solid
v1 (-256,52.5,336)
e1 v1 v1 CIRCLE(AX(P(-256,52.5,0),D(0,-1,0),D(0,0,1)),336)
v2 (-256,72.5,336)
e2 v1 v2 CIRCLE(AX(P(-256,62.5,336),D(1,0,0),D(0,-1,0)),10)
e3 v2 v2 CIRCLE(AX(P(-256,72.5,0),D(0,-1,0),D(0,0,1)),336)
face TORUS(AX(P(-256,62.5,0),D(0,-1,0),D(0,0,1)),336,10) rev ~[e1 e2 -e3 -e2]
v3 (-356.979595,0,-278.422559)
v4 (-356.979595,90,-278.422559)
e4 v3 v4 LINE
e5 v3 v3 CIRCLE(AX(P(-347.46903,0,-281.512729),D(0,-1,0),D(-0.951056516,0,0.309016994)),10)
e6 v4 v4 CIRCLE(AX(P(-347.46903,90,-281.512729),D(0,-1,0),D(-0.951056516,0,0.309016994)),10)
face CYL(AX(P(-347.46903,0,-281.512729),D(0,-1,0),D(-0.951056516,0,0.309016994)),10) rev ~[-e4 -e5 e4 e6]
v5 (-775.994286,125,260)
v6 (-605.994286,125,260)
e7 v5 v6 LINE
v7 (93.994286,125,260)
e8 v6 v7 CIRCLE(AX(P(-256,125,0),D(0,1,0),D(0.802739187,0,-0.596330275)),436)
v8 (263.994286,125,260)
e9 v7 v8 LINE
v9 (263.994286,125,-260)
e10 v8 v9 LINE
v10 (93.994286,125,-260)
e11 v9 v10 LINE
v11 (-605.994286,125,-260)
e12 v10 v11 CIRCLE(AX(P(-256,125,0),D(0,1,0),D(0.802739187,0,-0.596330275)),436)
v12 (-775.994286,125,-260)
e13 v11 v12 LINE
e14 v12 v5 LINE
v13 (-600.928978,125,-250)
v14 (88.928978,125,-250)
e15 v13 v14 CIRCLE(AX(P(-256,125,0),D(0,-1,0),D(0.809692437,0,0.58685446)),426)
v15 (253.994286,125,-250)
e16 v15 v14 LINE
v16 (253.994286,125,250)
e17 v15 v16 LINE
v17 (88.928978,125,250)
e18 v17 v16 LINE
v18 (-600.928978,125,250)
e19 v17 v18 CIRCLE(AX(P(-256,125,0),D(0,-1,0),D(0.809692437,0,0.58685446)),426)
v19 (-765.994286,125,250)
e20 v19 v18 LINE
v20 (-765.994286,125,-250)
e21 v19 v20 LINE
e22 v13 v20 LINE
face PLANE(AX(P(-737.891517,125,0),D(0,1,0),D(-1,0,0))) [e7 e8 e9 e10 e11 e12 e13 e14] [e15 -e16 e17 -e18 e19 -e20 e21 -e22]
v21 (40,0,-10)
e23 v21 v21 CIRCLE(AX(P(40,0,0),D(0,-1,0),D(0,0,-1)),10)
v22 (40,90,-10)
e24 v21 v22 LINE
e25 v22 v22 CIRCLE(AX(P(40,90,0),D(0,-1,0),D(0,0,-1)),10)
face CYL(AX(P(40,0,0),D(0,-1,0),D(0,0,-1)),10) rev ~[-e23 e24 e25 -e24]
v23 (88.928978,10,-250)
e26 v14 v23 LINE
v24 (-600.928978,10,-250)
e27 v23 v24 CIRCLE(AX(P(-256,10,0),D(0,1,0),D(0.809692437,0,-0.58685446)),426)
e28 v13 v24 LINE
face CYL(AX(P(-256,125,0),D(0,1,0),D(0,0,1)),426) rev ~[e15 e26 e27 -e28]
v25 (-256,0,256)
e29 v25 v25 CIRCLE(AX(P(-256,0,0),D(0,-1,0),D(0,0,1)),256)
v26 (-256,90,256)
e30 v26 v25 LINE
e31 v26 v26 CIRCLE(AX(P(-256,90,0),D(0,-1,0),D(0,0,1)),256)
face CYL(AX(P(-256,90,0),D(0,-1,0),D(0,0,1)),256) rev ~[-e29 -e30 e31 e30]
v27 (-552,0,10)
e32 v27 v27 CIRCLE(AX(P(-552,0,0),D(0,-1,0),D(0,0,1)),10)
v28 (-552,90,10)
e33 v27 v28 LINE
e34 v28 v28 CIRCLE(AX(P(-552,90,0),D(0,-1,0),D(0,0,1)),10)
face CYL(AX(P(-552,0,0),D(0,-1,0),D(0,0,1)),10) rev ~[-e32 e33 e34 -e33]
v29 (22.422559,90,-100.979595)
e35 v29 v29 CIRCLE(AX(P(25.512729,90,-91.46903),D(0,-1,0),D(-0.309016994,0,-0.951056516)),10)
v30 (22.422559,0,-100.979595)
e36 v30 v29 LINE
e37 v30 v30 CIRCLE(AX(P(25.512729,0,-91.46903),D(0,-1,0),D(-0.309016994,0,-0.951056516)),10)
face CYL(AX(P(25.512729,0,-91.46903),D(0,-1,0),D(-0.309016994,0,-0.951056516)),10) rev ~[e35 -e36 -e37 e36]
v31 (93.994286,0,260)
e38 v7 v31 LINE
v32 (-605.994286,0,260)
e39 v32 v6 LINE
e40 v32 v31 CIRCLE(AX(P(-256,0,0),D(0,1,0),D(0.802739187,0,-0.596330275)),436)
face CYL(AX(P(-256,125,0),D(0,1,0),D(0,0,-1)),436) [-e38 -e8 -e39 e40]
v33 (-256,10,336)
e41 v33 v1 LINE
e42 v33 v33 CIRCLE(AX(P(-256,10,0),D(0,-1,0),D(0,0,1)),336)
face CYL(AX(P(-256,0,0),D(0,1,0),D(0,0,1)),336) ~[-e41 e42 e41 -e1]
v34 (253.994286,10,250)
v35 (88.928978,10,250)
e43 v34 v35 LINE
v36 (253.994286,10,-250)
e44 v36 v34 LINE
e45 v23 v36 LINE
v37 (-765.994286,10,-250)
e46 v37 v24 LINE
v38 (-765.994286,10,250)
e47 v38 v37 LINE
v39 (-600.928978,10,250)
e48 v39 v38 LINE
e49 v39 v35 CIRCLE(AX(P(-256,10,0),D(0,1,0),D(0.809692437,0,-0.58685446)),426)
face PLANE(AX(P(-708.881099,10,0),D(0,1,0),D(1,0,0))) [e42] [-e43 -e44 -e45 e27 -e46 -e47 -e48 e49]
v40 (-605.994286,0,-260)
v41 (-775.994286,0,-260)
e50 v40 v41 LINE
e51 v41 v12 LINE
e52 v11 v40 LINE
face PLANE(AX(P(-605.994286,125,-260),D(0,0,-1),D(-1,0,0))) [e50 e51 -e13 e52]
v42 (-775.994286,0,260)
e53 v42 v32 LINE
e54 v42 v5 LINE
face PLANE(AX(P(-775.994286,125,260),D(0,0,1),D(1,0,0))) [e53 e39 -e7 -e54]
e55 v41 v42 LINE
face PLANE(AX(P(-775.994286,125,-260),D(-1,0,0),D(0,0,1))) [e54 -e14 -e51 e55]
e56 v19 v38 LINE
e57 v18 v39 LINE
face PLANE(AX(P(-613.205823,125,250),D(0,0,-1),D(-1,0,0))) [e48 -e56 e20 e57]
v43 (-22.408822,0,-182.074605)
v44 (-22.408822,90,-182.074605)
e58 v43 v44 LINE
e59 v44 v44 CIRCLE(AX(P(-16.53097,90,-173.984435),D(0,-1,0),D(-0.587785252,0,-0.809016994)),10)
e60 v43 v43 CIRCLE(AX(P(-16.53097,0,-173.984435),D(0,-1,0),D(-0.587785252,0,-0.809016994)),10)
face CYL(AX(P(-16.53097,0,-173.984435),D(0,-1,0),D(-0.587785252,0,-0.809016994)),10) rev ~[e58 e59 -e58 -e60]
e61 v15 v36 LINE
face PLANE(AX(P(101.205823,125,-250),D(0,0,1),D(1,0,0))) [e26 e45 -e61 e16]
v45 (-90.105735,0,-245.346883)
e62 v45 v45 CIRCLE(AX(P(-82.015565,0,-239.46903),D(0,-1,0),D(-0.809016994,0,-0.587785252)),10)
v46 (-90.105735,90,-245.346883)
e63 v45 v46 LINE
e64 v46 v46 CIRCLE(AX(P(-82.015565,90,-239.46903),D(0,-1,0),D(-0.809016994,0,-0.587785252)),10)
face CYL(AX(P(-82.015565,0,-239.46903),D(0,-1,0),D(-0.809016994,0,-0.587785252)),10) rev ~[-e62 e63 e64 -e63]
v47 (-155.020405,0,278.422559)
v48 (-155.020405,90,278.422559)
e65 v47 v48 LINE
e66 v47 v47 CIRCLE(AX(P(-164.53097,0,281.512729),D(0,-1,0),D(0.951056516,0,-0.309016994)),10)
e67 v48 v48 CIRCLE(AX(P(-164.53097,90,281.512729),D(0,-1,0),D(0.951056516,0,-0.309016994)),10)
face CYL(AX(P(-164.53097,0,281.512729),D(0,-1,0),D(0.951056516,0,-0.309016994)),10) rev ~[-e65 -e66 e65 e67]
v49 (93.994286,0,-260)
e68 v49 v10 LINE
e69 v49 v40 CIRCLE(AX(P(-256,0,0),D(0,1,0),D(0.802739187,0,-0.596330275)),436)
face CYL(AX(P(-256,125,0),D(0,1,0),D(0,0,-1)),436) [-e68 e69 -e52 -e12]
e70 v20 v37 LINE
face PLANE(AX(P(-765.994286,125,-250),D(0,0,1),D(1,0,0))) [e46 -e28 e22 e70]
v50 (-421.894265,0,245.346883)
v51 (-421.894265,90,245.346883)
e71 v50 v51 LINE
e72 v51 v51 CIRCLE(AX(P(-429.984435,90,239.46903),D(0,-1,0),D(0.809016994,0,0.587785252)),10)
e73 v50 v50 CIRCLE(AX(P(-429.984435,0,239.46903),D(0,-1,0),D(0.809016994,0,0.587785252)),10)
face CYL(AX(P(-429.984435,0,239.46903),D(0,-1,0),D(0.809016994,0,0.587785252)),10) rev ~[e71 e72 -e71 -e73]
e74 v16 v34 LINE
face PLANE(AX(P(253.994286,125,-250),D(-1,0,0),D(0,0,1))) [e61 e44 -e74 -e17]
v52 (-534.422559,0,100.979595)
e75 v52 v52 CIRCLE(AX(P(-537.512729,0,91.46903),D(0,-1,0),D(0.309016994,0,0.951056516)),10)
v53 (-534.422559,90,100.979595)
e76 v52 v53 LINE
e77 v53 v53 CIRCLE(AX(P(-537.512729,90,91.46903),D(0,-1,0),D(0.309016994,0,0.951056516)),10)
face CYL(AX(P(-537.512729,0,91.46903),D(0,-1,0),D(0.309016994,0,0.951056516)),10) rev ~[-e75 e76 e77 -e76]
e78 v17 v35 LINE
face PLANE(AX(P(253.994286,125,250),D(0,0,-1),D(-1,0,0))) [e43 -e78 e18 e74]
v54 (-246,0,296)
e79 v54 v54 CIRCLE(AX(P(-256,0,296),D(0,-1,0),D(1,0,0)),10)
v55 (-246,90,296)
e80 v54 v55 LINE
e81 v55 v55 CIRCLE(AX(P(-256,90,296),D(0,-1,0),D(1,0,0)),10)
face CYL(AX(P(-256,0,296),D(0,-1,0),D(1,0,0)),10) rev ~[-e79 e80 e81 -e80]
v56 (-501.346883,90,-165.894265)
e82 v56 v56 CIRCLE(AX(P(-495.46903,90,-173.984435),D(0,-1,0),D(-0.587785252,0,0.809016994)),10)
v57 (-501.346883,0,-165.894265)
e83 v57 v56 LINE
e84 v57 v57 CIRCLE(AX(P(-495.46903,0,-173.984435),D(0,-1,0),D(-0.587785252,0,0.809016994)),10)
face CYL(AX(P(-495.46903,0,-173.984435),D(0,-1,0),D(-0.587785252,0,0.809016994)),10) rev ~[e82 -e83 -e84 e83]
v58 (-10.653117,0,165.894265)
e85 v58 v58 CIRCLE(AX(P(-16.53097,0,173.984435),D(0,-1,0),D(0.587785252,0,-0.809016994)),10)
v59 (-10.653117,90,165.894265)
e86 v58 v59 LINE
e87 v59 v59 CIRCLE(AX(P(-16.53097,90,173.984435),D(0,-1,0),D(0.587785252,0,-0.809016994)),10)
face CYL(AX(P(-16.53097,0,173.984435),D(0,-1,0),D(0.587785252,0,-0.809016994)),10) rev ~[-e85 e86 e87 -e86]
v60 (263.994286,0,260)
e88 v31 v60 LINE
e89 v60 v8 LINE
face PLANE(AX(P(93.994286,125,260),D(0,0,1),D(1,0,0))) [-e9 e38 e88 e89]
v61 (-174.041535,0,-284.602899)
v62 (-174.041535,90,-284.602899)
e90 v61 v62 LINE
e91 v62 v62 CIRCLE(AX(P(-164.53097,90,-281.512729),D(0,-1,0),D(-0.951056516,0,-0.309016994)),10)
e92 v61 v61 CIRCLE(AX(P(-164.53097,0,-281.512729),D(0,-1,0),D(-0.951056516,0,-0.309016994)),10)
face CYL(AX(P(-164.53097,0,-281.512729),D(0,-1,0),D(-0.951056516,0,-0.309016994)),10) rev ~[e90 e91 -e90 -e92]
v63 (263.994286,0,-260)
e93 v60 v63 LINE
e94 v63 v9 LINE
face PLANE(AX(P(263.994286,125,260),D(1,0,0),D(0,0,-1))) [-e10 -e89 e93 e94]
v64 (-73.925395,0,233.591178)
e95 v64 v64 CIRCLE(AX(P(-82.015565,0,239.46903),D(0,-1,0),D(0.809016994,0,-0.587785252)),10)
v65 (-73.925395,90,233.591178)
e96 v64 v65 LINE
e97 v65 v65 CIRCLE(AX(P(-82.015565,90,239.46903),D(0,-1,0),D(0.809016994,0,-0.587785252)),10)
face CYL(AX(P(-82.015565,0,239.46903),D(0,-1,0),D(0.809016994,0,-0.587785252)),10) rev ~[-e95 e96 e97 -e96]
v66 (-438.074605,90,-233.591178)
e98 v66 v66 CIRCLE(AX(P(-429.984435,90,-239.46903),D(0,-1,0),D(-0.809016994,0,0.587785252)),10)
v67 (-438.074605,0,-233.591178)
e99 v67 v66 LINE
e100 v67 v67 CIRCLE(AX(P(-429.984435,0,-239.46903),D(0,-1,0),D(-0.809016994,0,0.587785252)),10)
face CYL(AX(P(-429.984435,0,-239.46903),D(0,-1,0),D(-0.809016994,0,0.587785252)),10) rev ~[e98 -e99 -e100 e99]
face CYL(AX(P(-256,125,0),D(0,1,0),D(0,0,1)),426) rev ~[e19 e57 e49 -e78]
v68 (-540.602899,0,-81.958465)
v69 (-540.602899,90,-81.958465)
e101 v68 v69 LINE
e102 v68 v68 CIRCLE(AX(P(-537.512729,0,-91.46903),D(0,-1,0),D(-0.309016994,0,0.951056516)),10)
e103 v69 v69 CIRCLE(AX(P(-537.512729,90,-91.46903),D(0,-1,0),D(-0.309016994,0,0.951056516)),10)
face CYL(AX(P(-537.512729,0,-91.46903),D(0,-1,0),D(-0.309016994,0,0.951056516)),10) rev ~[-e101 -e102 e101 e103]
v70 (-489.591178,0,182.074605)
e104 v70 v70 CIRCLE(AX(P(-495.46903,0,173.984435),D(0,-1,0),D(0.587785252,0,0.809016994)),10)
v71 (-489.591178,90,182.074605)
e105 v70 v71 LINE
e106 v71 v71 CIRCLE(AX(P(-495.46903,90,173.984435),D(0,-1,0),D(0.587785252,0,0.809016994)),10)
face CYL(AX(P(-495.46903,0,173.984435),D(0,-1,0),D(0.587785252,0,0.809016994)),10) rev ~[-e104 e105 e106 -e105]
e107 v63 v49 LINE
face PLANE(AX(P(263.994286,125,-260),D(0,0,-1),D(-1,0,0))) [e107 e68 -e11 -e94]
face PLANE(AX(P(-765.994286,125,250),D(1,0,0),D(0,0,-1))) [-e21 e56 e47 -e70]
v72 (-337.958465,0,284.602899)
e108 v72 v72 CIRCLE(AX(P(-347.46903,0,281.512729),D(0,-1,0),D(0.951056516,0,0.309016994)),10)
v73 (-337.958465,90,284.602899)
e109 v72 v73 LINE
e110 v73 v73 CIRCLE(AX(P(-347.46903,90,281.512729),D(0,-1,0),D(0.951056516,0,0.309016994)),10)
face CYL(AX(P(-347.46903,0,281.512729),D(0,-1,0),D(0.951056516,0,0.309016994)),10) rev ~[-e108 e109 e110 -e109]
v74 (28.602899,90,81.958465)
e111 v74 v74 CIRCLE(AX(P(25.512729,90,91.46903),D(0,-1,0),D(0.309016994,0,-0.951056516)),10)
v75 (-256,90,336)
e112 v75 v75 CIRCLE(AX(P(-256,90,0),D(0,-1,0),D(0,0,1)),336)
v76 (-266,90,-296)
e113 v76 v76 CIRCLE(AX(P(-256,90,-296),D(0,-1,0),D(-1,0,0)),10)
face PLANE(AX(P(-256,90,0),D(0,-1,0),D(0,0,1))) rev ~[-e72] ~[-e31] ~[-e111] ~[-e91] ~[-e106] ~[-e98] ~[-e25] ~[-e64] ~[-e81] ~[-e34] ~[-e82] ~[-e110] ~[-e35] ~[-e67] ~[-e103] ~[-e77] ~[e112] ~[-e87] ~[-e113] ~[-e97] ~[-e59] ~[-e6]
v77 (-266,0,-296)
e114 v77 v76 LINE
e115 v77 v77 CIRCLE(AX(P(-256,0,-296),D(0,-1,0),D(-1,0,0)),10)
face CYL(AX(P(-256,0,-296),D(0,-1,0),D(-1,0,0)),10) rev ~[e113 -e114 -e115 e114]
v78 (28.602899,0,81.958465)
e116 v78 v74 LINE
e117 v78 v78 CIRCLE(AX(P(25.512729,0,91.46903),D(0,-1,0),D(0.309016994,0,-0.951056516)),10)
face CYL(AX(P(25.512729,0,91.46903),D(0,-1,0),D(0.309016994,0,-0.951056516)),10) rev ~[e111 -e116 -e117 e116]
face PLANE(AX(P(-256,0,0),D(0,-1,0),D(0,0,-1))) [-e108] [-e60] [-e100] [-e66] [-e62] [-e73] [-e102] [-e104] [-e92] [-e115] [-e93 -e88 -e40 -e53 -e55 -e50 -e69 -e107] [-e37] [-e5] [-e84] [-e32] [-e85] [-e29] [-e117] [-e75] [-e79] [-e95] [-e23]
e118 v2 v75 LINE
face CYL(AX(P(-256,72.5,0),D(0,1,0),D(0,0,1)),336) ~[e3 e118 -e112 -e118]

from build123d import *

# Parameters (mm, degrees)
ESQUISSE2_R                  = 10
ENL_V_MAT_EXTRU_1_DEPTH      = 687.62944883
R_P_TITION_CIRCULAIRE1_COUNT = 20
BOSS_EXTRU_1_START           = -10
ESQUISSE5_R                  = 436
ESQUISSE5_R_2                = 336
BOSS_EXTRU_1_DEPTH           = 10
BOSS_EXTRU_2_START           = 115
ESQUISSE6_R                  = 436
ESQUISSE6_R_2                = 426
BOSS_EXTRU_2_DEPTH           = 115
BOSS_EXTRU_3_START           = -10
BOSS_EXTRU_3_DEPTH           = 10
BOSS_EXTRU_4_START           = 115
BOSS_EXTRU_4_DEPTH           = 115
ENL_V_MAT_EXTRU_3_DEPTH      = 115
R_P_TITION_CIRCULAIRE6_COUNT = 2


with BuildPart() as part:
    # Esquisse1 → Révolution1 (revolve)
    with BuildSketch(Plane.XY, mode=Mode.PRIVATE) as r_volution1_sk:
        with BuildLine():
            Line((0, 0), (80, 0))
            Line((80, 0), (80, 52.5))
            ThreePointArc((80, 52.5), (70, 62.5), (80, 72.5))
            Line((80, 72.5), (80, 90))
            Line((80, 90), (0, 90))
            Line((0, 90), (0, 0))
        make_face()
    revolve(r_volution1_sk.sketch.rotate(Axis((-256, 27.419354839, 0), (0, -1, 0)), 90), axis=Axis((-256, 27.419354839, 0), (0, -1, 0)))

    # Esquisse2 → Enlèv. mat.-Extru.1 (cut, through all)
    with BuildSketch(Plane.XZ):
        with Locations(Location((40, 0, 0), (0, 0, 270))):
            Circle(ESQUISSE2_R)
    enl_v_mat_extru_1 = extrude(amount=-ENL_V_MAT_EXTRU_1_DEPTH, mode=Mode.SUBTRACT)

    # Répétition circulaire1: Enlèv. mat.-Extru.1 ×20 about axis
    r_p_tition_circulaire1_axis = Axis((-256, 0, 0), (0, 1, 0))
    for i in range(1, R_P_TITION_CIRCULAIRE1_COUNT):
        add(enl_v_mat_extru_1.rotate(r_p_tition_circulaire1_axis, i * 360 / R_P_TITION_CIRCULAIRE1_COUNT), mode=Mode.SUBTRACT)

    # Esquisse5 → Boss.-Extru.1 (add)
    with BuildSketch(Plane.XZ.offset(BOSS_EXTRU_1_START)):
        with Locations(Location((-256, 0, 0), (0, 0, 270))):
            Circle(ESQUISSE5_R)
        with Locations(Location((-256, 0, 0), (0, 0, 90))):
            Circle(ESQUISSE5_R_2, mode=Mode.SUBTRACT)
    extrude(amount=BOSS_EXTRU_1_DEPTH)

    # Esquisse6 → Boss.-Extru.2 (add)
    with BuildSketch(Plane(origin=(0, 10, 0), x_dir=(1, 0, 0), z_dir=(0, 1, 0)).offset(BOSS_EXTRU_2_START)):
        with Locations(Location((-256, 0, 0), (0, 0, 90))):
            Circle(ESQUISSE6_R)
        with Locations(Location((-256, 0, 0), (0, 0, 270))):
            Circle(ESQUISSE6_R_2, mode=Mode.SUBTRACT)
    extrude(amount=-BOSS_EXTRU_2_DEPTH)

    # Esquisse7 → Boss.-Extru.3 (add)
    with BuildSketch(Plane.XZ.offset(BOSS_EXTRU_3_START)):
        with BuildLine():
            Line((93.994285668, 260), (263.994285668, 260))
            Line((263.994285668, 260), (263.994285668, -260))
            Line((263.994285668, -260), (93.994285668, -260))
            ThreePointArc((93.994285668, -260), (180, 0), (93.994285668, 260))
        make_face()
    boss_extru_3 = extrude(amount=BOSS_EXTRU_3_DEPTH)

    # Esquisse8 → Boss.-Extru.4 (add)
    with BuildSketch(Plane(origin=(0, 10, 0), x_dir=(1, 0, 0), z_dir=(0, 1, 0)).offset(BOSS_EXTRU_4_START)):
        with BuildLine():
            Line((113.345366832, 250), (253.994285668, 250))
            Line((253.994285668, 250), (253.994285668, -250))
            Line((253.994285668, -250), (113.345366832, -250))
            Line((113.345366832, -250), (101.205823021, -250))
            ThreePointArc((101.205823021, -250), (97.635403251, -255.025491996), (93.994285668, -260))
            Line((93.994285668, -260), (263.994285668, -260))
            Line((263.994285668, -260), (263.994285668, 260))
            Line((263.994285668, 260), (93.994285668, 260))
            ThreePointArc((93.994285668, 260), (97.635403251, 255.025491996), (101.205823021, 250))
            Line((101.205823021, 250), (113.345366832, 250))
        make_face()
    boss_extru_4 = extrude(amount=-BOSS_EXTRU_4_DEPTH)

    # Esquisse9 → Enlèv. mat.-Extru.3 (cut)
    with BuildSketch(Plane(origin=(0, 125, 0), x_dir=(1, 0, 0), z_dir=(0, 1, 0))):
        with BuildLine():
            Line((101.205823021, -250), (88.928978197, -250))
            ThreePointArc((88.928978197, -250), (170, 0), (88.928978197, 250))
            Line((88.928978197, 250), (101.205823021, 250))
            ThreePointArc((101.205823021, 250), (180, 0), (101.205823021, -250))
        make_face()
    enl_v_mat_extru_3 = extrude(amount=-ENL_V_MAT_EXTRU_3_DEPTH, mode=Mode.SUBTRACT)

    # Répétition circulaire6: Boss.-Extru.3, Boss.-Extru.4, Enlèv. mat.-Extru.3 ×2 about axis
    r_p_tition_circulaire6_axis = Axis((-256, 0, 0), (0, 1, 0))
    add([boss_extru_3.rotate(r_p_tition_circulaire6_axis, i * 360 / R_P_TITION_CIRCULAIRE6_COUNT) for i in range(1, R_P_TITION_CIRCULAIRE6_COUNT)])
    add([boss_extru_4.rotate(r_p_tition_circulaire6_axis, i * 360 / R_P_TITION_CIRCULAIRE6_COUNT) for i in range(1, R_P_TITION_CIRCULAIRE6_COUNT)])
    add([enl_v_mat_extru_3.rotate(r_p_tition_circulaire6_axis, i * 360 / R_P_TITION_CIRCULAIRE6_COUNT) for i in range(1, R_P_TITION_CIRCULAIRE6_COUNT)], mode=Mode.SUBTRACT)


solid = part.part
